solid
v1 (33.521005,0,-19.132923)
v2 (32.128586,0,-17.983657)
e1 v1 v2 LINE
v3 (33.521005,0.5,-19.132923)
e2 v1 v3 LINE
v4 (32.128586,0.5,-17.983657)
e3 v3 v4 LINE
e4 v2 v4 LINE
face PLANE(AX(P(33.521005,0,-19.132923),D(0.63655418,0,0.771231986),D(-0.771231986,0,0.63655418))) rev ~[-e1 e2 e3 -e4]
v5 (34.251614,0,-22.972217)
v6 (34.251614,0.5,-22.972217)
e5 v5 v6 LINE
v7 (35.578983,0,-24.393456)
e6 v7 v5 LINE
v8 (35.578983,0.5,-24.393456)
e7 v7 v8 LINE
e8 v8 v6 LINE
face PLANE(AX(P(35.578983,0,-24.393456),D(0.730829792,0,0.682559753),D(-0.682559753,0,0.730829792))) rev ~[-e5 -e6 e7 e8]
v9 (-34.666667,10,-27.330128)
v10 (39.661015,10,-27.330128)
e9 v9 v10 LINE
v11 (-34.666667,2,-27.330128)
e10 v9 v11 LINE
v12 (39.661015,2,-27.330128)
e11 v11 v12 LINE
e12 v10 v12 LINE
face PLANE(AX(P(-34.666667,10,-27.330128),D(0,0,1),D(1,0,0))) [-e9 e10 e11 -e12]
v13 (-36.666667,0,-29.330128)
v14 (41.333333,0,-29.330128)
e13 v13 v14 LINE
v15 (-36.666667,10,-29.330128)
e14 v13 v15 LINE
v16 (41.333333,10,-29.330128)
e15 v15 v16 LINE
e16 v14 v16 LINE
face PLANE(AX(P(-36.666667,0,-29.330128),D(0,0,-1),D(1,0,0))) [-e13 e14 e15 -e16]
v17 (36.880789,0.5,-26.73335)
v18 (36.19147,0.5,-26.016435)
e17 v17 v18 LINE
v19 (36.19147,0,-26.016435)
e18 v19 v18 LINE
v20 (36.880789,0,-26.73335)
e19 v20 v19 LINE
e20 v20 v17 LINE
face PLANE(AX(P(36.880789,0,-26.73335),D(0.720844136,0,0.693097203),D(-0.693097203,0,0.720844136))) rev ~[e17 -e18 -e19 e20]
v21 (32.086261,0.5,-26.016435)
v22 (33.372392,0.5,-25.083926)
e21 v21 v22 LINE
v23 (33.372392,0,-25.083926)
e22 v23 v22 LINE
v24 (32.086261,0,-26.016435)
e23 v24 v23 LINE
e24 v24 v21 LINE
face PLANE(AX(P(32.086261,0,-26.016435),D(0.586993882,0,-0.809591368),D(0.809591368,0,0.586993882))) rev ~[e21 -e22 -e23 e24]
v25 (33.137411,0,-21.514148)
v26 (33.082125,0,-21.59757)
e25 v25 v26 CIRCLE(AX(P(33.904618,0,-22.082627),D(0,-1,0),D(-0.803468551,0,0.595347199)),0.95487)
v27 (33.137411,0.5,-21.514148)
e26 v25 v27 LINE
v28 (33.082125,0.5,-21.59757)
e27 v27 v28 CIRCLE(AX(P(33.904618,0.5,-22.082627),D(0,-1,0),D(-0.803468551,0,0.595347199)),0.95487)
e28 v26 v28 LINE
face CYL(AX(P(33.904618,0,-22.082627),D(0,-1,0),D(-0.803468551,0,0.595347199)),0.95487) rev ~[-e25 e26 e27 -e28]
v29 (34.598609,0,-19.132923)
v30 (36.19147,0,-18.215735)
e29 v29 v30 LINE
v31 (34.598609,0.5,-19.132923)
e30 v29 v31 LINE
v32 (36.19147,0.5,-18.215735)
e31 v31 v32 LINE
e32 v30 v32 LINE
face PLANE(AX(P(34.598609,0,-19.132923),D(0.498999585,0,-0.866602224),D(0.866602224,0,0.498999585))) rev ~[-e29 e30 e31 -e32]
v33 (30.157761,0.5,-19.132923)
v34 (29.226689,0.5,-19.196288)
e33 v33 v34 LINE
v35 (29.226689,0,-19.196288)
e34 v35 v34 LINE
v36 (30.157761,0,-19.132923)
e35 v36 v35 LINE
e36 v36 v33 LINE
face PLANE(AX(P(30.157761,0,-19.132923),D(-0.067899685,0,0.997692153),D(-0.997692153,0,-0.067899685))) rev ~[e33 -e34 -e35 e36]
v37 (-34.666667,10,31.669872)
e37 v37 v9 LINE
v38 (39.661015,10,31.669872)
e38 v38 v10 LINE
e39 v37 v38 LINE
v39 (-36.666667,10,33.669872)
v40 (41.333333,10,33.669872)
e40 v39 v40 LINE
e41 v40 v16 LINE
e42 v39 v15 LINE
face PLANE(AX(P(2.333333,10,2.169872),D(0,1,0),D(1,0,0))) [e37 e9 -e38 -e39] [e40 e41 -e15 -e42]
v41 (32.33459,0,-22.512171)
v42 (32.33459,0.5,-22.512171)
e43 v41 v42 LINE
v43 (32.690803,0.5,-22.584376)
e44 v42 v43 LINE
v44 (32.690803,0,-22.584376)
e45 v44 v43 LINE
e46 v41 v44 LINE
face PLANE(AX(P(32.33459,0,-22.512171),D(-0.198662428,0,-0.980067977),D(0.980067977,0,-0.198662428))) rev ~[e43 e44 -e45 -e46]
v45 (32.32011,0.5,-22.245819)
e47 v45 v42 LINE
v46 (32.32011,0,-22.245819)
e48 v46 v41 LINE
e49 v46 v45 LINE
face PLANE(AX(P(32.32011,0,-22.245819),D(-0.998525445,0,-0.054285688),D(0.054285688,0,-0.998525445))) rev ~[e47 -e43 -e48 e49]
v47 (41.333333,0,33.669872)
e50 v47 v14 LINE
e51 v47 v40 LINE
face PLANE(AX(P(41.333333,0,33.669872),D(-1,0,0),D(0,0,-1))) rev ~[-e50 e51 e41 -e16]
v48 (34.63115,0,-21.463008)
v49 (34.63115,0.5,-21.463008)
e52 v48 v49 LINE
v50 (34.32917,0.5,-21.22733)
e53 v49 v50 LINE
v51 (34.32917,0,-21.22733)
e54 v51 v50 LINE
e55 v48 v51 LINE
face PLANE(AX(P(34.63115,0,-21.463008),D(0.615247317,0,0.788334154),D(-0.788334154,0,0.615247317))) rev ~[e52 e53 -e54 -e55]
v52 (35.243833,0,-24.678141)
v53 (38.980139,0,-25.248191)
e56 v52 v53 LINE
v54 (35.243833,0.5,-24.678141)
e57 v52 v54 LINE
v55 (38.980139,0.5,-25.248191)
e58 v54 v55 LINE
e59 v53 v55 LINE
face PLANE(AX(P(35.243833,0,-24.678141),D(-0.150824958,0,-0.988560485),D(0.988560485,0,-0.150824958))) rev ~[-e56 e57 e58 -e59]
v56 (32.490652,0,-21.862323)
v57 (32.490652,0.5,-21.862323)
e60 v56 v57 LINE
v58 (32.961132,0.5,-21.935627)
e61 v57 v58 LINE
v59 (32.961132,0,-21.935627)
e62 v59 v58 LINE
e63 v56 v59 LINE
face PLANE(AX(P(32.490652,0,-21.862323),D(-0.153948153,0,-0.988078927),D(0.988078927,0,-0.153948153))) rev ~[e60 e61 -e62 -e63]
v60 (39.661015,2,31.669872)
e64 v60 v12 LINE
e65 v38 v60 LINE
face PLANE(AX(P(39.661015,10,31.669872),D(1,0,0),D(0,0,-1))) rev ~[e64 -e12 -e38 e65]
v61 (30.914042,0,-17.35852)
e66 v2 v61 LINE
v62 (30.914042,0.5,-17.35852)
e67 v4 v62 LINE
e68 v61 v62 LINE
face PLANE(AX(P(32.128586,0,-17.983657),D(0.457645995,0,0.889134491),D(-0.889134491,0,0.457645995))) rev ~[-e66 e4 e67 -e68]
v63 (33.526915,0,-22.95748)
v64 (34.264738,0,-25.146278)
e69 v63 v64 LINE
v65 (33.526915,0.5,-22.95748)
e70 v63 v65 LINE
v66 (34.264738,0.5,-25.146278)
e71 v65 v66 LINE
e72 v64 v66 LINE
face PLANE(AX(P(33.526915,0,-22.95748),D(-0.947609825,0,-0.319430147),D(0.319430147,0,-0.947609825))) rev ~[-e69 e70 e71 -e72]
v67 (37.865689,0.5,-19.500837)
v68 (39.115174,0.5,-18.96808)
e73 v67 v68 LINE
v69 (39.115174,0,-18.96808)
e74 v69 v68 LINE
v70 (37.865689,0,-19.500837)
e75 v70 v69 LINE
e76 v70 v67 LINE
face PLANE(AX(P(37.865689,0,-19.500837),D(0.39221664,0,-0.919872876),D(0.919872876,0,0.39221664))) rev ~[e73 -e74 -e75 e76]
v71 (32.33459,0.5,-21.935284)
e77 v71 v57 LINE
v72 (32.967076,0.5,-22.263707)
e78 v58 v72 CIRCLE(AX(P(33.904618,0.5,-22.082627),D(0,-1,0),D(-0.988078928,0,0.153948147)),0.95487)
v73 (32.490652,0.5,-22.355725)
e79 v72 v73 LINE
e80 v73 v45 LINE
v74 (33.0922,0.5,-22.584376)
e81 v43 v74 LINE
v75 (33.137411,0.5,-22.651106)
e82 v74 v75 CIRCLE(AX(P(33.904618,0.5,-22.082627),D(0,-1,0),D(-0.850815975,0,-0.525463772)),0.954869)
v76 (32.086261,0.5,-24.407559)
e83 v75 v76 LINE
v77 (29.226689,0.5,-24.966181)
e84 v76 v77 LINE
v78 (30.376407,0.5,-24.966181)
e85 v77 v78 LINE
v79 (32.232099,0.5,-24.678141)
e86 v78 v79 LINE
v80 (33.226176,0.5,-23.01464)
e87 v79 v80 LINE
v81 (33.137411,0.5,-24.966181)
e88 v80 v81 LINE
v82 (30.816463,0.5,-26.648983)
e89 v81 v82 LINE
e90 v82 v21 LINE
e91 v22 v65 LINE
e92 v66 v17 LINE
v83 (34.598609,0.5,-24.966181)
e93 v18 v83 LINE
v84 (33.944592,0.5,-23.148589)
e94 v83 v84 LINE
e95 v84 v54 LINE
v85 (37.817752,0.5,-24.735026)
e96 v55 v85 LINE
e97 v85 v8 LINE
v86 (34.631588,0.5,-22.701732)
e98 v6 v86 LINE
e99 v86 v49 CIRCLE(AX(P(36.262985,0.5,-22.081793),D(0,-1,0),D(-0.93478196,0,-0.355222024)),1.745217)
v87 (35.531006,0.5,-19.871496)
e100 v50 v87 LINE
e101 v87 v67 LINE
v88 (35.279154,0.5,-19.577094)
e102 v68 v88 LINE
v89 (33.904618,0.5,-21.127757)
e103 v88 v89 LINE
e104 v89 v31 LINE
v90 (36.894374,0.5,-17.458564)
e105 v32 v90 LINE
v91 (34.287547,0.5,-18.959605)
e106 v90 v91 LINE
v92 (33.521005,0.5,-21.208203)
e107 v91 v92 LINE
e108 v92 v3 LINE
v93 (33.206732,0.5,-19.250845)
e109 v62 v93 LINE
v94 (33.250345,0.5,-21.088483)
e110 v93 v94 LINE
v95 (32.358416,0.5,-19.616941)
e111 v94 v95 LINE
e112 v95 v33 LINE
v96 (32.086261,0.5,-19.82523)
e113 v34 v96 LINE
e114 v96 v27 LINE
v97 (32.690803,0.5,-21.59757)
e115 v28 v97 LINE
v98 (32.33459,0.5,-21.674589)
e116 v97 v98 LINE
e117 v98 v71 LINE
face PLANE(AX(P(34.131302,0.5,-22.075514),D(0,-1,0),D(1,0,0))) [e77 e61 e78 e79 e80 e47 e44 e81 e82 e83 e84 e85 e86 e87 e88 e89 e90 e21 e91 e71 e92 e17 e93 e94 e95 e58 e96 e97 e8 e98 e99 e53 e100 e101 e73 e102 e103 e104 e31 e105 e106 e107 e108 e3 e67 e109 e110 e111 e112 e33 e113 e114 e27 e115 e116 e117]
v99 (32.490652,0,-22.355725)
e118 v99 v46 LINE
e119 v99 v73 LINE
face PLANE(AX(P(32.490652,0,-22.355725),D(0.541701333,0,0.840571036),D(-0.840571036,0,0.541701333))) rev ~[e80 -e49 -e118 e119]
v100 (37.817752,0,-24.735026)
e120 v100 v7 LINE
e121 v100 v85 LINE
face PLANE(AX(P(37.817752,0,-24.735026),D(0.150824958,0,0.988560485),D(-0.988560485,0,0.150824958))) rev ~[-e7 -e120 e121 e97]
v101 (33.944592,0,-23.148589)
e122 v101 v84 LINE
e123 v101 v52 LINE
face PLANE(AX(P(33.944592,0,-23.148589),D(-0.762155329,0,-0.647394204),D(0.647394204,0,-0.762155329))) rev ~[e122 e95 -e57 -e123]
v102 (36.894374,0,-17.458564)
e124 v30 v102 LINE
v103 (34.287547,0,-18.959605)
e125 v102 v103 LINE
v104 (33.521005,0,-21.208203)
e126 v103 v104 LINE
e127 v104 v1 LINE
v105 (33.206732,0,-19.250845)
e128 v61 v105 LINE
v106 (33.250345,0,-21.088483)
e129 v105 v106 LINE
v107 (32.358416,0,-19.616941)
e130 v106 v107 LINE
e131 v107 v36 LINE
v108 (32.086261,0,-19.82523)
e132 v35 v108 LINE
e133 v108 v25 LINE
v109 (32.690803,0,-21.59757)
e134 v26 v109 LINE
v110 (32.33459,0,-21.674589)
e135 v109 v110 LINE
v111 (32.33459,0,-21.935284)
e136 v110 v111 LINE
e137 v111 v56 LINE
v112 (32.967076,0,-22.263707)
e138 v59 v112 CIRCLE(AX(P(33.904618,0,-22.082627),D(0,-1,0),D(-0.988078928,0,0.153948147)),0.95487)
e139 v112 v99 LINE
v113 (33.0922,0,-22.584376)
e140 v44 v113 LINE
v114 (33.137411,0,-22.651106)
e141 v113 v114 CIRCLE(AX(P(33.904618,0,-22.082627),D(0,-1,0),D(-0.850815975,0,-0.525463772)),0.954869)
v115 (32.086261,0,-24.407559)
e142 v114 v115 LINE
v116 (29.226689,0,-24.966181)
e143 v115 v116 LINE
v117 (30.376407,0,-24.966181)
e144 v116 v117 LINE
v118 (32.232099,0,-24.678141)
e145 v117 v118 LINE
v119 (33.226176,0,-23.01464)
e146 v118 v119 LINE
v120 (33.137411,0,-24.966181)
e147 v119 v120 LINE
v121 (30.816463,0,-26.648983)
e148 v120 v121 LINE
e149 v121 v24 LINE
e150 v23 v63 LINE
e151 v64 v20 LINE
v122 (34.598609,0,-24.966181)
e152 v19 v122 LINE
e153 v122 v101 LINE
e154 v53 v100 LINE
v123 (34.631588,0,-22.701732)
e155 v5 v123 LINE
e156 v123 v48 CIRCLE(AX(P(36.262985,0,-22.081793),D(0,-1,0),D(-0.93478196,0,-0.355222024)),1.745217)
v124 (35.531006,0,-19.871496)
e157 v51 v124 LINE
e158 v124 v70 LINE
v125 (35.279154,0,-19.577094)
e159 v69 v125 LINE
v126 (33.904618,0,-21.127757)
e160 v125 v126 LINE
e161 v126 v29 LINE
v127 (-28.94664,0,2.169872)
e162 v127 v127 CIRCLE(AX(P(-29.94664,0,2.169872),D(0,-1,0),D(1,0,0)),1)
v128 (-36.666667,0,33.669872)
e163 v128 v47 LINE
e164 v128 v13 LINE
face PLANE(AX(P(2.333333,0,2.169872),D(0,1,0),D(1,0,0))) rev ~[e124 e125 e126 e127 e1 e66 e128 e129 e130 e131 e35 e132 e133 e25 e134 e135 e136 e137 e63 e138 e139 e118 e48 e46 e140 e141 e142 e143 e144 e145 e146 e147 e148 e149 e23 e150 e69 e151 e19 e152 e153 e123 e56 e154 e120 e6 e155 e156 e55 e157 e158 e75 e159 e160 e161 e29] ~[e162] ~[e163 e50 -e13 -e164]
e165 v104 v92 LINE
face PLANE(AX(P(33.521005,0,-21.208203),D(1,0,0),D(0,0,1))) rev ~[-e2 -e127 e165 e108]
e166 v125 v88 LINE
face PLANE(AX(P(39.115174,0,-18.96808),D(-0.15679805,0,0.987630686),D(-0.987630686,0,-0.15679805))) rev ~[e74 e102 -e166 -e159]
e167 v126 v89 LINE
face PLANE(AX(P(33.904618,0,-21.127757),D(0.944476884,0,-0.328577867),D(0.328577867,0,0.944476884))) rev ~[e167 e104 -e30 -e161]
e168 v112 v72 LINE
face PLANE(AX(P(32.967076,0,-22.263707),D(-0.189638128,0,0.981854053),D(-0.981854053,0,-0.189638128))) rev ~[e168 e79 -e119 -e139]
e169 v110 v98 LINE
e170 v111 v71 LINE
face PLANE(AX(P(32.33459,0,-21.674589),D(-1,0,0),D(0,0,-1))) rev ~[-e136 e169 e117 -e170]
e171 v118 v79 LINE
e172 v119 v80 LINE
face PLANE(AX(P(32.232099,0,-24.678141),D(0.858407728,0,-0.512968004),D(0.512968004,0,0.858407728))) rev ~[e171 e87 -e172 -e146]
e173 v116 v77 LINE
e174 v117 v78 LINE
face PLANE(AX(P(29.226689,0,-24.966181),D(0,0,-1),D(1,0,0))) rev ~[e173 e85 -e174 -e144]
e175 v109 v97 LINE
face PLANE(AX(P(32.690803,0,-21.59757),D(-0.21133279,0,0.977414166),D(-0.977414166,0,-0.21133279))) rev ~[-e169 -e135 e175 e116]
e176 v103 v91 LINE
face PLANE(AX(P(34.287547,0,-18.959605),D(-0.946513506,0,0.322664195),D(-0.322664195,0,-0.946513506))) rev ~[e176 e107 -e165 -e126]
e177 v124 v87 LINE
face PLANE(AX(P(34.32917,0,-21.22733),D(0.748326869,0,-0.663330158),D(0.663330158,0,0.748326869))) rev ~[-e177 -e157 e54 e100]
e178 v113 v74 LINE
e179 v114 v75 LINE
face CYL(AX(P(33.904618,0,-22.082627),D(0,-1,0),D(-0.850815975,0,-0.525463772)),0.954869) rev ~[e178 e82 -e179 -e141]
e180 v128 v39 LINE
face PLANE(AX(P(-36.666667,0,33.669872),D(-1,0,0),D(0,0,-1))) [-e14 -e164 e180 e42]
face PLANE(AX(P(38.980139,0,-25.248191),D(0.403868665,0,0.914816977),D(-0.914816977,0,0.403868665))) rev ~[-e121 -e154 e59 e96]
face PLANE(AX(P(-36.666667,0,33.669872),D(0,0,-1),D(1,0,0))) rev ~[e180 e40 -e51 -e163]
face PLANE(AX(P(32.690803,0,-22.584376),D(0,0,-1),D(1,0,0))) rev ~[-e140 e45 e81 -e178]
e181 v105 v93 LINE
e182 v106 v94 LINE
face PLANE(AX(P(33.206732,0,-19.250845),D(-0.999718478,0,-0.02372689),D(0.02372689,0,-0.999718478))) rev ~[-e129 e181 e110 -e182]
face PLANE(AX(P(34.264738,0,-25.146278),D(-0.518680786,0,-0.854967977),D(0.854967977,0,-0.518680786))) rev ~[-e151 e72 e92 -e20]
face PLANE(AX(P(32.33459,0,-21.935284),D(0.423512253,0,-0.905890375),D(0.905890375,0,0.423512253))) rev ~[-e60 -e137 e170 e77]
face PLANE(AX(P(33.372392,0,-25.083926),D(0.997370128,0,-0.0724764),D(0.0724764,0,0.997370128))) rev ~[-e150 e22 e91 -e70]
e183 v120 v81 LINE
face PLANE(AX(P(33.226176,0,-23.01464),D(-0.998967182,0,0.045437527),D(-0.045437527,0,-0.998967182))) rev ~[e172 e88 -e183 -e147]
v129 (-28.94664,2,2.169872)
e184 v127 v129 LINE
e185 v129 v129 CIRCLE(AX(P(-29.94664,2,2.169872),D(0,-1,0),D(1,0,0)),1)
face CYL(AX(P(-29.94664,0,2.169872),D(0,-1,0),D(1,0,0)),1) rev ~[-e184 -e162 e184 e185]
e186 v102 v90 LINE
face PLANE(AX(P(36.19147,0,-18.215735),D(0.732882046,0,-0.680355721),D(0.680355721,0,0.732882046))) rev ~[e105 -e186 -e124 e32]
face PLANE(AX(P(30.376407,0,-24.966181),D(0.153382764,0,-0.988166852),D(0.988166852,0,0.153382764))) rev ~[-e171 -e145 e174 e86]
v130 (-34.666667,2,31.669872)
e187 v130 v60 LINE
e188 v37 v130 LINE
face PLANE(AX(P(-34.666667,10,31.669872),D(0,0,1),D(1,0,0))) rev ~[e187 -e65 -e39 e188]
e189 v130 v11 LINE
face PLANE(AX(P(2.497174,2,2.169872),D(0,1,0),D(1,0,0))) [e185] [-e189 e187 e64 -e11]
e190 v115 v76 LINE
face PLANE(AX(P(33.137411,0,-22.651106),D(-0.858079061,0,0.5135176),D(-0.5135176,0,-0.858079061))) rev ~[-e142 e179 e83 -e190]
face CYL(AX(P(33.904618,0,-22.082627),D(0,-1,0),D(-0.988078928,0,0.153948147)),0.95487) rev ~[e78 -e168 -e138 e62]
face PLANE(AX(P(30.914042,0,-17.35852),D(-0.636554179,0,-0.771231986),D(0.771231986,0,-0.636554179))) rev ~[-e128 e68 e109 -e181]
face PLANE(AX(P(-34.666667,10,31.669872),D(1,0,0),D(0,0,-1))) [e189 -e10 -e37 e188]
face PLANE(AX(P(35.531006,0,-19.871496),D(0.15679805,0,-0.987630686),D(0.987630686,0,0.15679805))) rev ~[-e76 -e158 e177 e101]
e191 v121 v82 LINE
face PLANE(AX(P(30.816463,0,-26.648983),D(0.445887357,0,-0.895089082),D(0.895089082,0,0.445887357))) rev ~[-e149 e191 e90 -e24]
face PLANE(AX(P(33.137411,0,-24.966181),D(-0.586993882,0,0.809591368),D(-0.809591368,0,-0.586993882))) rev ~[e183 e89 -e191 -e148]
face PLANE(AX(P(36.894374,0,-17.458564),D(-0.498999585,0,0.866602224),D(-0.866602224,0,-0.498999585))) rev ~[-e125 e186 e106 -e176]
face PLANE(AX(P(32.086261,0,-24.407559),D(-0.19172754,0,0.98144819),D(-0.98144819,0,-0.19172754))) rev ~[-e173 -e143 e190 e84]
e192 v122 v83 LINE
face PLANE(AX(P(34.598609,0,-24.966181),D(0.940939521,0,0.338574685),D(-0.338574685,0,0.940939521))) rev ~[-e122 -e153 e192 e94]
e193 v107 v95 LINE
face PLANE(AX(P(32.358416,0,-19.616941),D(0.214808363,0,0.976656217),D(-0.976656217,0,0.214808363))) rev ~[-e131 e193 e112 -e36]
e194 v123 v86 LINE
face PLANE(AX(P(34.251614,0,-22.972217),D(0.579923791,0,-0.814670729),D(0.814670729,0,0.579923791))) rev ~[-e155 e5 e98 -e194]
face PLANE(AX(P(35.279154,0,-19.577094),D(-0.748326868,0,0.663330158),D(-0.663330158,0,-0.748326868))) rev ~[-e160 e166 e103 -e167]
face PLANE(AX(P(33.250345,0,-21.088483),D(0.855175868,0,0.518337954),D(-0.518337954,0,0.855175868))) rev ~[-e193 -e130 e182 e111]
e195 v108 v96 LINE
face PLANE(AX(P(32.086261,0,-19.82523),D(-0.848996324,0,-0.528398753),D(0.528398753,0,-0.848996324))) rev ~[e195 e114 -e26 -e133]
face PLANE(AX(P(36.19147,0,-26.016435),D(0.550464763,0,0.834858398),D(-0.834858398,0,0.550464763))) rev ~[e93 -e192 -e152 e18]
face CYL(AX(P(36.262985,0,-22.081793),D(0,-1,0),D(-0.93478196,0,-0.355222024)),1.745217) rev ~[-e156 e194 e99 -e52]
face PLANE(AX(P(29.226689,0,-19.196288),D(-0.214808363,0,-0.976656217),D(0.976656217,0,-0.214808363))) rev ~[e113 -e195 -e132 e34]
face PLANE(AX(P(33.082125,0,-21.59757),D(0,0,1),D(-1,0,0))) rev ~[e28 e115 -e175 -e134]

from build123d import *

# Parameters (mm, degrees)
SKETCH2_W           = 78
SKETCH2_H           = 63
BOSS_EXTRUDE1_DEPTH = 10
SKETCH3_W           = 74.327682065
SKETCH3_H           = 59
CUT_EXTRUDE1_DEPTH  = 8
CUT_EXTRUDE2_DEPTH  = 0.5
SKETCH7_R           = 1
CUT_EXTRUDE4_DEPTH  = 10


with BuildPart() as part:
    # Sketch2 → Boss-Extrude1 (new body)
    with BuildSketch(Plane(origin=(0, 0, 0), x_dir=(1, 0, 0), z_dir=(0, 1, 0))):
        with Locations((2.333333333, -2.169871795)):
            Rectangle(SKETCH2_W, SKETCH2_H)
    extrude(amount=BOSS_EXTRUDE1_DEPTH)

    # Sketch3 → Cut-Extrude1 (cut)
    with BuildSketch(Plane(origin=(0, 10, 0), x_dir=(1, 0, 0), z_dir=(0, 1, 0))):
        with Locations((2.497174366, -2.169871795)):
            Rectangle(SKETCH3_W, SKETCH3_H)
    extrude(amount=-CUT_EXTRUDE1_DEPTH, mode=Mode.SUBTRACT)

    # Sketch6 → Cut-Extrude2 (cut)
    with BuildSketch(Plane.XZ):
        with BuildLine():
            Line((32.690802989, -22.584376441), (33.092200105, -22.584376441))
            ThreePointArc((33.092200105, -22.584376441), (33.114100993, -22.618218468), (33.137410711, -22.651105984))
            Line((33.137410711, -22.651105984), (32.08626128, -24.407558571))
            Line((32.08626128, -24.407558571), (29.226689091, -24.966180766))
            Line((29.226689091, -24.966180766), (30.376407219, -24.966180766))
            Line((30.376407219, -24.966180766), (32.232099133, -24.678141196))
            Line((32.232099133, -24.678141196), (33.226175577, -23.014639973))
            Line((33.226175577, -23.014639973), (33.137410711, -24.966180766))
            Line((33.137410711, -24.966180766), (30.816462944, -26.648982972))
            Line((30.816462944, -26.648982972), (32.08626128, -26.016434732))
            Line((32.08626128, -26.016434732), (33.372391781, -25.083926351))
            Line((33.372391781, -25.083926351), (33.526915315, -22.957480273))
            Line((33.526915315, -22.957480273), (34.264738027, -25.146278223))
            Line((34.264738027, -25.146278223), (36.880788863, -26.733349716))
            Line((36.880788863, -26.733349716), (36.19146957, -26.016434732))
            Line((36.19146957, -26.016434732), (34.598609497, -24.966180766))
            Line((34.598609497, -24.966180766), (33.944592444, -23.148589195))
            Line((33.944592444, -23.148589195), (35.243832983, -24.678141196))
            Line((35.243832983, -24.678141196), (38.980139277, -25.248190523))
            Line((38.980139277, -25.248190523), (37.817752325, -24.735025947))
            Line((37.817752325, -24.735025947), (35.578982945, -24.393456258))
            Line((35.578982945, -24.393456258), (34.251613969, -22.972216889))
            Line((34.251613969, -22.972216889), (34.631588177, -22.701732047))
            ThreePointArc((34.631588177, -22.701732047), (38.008201605, -22.081175269), (34.631149946, -21.463007775))
            Line((34.631149946, -21.463007775), (34.32916984, -21.227330494))
            Line((34.32916984, -21.227330494), (35.531005717, -19.871495744))
            Line((35.531005717, -19.871495744), (37.865688927, -19.500837177))
            Line((37.865688927, -19.500837177), (39.115173896, -18.968080087))
            Line((39.115173896, -18.968080087), (35.279154236, -19.577093569))
            Line((35.279154236, -19.577093569), (33.904618441, -21.127757375))
            Line((33.904618441, -21.127757375), (34.598609497, -19.132922738))
            Line((34.598609497, -19.132922738), (36.19146957, -18.215735483))
            Line((36.19146957, -18.215735483), (36.894373516, -17.458564394))
            Line((36.894373516, -17.458564394), (34.287546919, -18.959605302))
            Line((34.287546919, -18.959605302), (33.521005252, -21.208203232))
            Line((33.521005252, -21.208203232), (33.521005252, -19.132922738))
            Line((33.521005252, -19.132922738), (32.128586258, -17.983657476))
            Line((32.128586258, -17.983657476), (30.914042032, -17.358519989))
            Line((30.914042032, -17.358519989), (33.20673173, -19.250844523))
            Line((33.20673173, -19.250844523), (33.250345457, -21.088483091))
            Line((33.250345457, -21.088483091), (32.358416357, -19.616940759))
            Line((32.358416357, -19.616940759), (30.157760841, -19.132922738))
            Line((30.157760841, -19.132922738), (29.226689091, -19.196288455))
            Line((29.226689091, -19.196288455), (32.08626128, -19.82523036))
            Line((32.08626128, -19.82523036), (33.137410711, -21.514148052))
            ThreePointArc((33.137410711, -21.514148052), (33.108673975, -21.555134418), (33.0821246, -21.597570405))
            Line((33.0821246, -21.597570405), (32.690802989, -21.597570405))
            Line((32.690802989, -21.597570405), (32.334590078, -21.674589412))
            Line((32.334590078, -21.674589412), (32.334590078, -21.93528367))
            Line((32.334590078, -21.93528367), (32.490652027, -21.862323244))
            Line((32.490652027, -21.862323244), (32.961131868, -21.935626601))
            ThreePointArc((32.961131868, -21.935626601), (32.949905472, -22.099923891), (32.967075812, -22.263706708))
            Line((32.967075812, -22.263706708), (32.490652027, -22.355724574))
            Line((32.490652027, -22.355724574), (32.320109644, -22.245819483))
            Line((32.320109644, -22.245819483), (32.334590078, -22.512171121))
            Line((32.334590078, -22.512171121), (32.690802989, -22.584376441))
        make_face()
    extrude(amount=-CUT_EXTRUDE2_DEPTH, mode=Mode.SUBTRACT)

    # Sketch7 → Cut-Extrude4 (cut)
    with BuildSketch(Plane.XZ):
        with Locations((-29.946640044, 2.169871795)):
            Circle(SKETCH7_R)
    extrude(amount=-CUT_EXTRUDE4_DEPTH, mode=Mode.SUBTRACT)


solid = part.part
